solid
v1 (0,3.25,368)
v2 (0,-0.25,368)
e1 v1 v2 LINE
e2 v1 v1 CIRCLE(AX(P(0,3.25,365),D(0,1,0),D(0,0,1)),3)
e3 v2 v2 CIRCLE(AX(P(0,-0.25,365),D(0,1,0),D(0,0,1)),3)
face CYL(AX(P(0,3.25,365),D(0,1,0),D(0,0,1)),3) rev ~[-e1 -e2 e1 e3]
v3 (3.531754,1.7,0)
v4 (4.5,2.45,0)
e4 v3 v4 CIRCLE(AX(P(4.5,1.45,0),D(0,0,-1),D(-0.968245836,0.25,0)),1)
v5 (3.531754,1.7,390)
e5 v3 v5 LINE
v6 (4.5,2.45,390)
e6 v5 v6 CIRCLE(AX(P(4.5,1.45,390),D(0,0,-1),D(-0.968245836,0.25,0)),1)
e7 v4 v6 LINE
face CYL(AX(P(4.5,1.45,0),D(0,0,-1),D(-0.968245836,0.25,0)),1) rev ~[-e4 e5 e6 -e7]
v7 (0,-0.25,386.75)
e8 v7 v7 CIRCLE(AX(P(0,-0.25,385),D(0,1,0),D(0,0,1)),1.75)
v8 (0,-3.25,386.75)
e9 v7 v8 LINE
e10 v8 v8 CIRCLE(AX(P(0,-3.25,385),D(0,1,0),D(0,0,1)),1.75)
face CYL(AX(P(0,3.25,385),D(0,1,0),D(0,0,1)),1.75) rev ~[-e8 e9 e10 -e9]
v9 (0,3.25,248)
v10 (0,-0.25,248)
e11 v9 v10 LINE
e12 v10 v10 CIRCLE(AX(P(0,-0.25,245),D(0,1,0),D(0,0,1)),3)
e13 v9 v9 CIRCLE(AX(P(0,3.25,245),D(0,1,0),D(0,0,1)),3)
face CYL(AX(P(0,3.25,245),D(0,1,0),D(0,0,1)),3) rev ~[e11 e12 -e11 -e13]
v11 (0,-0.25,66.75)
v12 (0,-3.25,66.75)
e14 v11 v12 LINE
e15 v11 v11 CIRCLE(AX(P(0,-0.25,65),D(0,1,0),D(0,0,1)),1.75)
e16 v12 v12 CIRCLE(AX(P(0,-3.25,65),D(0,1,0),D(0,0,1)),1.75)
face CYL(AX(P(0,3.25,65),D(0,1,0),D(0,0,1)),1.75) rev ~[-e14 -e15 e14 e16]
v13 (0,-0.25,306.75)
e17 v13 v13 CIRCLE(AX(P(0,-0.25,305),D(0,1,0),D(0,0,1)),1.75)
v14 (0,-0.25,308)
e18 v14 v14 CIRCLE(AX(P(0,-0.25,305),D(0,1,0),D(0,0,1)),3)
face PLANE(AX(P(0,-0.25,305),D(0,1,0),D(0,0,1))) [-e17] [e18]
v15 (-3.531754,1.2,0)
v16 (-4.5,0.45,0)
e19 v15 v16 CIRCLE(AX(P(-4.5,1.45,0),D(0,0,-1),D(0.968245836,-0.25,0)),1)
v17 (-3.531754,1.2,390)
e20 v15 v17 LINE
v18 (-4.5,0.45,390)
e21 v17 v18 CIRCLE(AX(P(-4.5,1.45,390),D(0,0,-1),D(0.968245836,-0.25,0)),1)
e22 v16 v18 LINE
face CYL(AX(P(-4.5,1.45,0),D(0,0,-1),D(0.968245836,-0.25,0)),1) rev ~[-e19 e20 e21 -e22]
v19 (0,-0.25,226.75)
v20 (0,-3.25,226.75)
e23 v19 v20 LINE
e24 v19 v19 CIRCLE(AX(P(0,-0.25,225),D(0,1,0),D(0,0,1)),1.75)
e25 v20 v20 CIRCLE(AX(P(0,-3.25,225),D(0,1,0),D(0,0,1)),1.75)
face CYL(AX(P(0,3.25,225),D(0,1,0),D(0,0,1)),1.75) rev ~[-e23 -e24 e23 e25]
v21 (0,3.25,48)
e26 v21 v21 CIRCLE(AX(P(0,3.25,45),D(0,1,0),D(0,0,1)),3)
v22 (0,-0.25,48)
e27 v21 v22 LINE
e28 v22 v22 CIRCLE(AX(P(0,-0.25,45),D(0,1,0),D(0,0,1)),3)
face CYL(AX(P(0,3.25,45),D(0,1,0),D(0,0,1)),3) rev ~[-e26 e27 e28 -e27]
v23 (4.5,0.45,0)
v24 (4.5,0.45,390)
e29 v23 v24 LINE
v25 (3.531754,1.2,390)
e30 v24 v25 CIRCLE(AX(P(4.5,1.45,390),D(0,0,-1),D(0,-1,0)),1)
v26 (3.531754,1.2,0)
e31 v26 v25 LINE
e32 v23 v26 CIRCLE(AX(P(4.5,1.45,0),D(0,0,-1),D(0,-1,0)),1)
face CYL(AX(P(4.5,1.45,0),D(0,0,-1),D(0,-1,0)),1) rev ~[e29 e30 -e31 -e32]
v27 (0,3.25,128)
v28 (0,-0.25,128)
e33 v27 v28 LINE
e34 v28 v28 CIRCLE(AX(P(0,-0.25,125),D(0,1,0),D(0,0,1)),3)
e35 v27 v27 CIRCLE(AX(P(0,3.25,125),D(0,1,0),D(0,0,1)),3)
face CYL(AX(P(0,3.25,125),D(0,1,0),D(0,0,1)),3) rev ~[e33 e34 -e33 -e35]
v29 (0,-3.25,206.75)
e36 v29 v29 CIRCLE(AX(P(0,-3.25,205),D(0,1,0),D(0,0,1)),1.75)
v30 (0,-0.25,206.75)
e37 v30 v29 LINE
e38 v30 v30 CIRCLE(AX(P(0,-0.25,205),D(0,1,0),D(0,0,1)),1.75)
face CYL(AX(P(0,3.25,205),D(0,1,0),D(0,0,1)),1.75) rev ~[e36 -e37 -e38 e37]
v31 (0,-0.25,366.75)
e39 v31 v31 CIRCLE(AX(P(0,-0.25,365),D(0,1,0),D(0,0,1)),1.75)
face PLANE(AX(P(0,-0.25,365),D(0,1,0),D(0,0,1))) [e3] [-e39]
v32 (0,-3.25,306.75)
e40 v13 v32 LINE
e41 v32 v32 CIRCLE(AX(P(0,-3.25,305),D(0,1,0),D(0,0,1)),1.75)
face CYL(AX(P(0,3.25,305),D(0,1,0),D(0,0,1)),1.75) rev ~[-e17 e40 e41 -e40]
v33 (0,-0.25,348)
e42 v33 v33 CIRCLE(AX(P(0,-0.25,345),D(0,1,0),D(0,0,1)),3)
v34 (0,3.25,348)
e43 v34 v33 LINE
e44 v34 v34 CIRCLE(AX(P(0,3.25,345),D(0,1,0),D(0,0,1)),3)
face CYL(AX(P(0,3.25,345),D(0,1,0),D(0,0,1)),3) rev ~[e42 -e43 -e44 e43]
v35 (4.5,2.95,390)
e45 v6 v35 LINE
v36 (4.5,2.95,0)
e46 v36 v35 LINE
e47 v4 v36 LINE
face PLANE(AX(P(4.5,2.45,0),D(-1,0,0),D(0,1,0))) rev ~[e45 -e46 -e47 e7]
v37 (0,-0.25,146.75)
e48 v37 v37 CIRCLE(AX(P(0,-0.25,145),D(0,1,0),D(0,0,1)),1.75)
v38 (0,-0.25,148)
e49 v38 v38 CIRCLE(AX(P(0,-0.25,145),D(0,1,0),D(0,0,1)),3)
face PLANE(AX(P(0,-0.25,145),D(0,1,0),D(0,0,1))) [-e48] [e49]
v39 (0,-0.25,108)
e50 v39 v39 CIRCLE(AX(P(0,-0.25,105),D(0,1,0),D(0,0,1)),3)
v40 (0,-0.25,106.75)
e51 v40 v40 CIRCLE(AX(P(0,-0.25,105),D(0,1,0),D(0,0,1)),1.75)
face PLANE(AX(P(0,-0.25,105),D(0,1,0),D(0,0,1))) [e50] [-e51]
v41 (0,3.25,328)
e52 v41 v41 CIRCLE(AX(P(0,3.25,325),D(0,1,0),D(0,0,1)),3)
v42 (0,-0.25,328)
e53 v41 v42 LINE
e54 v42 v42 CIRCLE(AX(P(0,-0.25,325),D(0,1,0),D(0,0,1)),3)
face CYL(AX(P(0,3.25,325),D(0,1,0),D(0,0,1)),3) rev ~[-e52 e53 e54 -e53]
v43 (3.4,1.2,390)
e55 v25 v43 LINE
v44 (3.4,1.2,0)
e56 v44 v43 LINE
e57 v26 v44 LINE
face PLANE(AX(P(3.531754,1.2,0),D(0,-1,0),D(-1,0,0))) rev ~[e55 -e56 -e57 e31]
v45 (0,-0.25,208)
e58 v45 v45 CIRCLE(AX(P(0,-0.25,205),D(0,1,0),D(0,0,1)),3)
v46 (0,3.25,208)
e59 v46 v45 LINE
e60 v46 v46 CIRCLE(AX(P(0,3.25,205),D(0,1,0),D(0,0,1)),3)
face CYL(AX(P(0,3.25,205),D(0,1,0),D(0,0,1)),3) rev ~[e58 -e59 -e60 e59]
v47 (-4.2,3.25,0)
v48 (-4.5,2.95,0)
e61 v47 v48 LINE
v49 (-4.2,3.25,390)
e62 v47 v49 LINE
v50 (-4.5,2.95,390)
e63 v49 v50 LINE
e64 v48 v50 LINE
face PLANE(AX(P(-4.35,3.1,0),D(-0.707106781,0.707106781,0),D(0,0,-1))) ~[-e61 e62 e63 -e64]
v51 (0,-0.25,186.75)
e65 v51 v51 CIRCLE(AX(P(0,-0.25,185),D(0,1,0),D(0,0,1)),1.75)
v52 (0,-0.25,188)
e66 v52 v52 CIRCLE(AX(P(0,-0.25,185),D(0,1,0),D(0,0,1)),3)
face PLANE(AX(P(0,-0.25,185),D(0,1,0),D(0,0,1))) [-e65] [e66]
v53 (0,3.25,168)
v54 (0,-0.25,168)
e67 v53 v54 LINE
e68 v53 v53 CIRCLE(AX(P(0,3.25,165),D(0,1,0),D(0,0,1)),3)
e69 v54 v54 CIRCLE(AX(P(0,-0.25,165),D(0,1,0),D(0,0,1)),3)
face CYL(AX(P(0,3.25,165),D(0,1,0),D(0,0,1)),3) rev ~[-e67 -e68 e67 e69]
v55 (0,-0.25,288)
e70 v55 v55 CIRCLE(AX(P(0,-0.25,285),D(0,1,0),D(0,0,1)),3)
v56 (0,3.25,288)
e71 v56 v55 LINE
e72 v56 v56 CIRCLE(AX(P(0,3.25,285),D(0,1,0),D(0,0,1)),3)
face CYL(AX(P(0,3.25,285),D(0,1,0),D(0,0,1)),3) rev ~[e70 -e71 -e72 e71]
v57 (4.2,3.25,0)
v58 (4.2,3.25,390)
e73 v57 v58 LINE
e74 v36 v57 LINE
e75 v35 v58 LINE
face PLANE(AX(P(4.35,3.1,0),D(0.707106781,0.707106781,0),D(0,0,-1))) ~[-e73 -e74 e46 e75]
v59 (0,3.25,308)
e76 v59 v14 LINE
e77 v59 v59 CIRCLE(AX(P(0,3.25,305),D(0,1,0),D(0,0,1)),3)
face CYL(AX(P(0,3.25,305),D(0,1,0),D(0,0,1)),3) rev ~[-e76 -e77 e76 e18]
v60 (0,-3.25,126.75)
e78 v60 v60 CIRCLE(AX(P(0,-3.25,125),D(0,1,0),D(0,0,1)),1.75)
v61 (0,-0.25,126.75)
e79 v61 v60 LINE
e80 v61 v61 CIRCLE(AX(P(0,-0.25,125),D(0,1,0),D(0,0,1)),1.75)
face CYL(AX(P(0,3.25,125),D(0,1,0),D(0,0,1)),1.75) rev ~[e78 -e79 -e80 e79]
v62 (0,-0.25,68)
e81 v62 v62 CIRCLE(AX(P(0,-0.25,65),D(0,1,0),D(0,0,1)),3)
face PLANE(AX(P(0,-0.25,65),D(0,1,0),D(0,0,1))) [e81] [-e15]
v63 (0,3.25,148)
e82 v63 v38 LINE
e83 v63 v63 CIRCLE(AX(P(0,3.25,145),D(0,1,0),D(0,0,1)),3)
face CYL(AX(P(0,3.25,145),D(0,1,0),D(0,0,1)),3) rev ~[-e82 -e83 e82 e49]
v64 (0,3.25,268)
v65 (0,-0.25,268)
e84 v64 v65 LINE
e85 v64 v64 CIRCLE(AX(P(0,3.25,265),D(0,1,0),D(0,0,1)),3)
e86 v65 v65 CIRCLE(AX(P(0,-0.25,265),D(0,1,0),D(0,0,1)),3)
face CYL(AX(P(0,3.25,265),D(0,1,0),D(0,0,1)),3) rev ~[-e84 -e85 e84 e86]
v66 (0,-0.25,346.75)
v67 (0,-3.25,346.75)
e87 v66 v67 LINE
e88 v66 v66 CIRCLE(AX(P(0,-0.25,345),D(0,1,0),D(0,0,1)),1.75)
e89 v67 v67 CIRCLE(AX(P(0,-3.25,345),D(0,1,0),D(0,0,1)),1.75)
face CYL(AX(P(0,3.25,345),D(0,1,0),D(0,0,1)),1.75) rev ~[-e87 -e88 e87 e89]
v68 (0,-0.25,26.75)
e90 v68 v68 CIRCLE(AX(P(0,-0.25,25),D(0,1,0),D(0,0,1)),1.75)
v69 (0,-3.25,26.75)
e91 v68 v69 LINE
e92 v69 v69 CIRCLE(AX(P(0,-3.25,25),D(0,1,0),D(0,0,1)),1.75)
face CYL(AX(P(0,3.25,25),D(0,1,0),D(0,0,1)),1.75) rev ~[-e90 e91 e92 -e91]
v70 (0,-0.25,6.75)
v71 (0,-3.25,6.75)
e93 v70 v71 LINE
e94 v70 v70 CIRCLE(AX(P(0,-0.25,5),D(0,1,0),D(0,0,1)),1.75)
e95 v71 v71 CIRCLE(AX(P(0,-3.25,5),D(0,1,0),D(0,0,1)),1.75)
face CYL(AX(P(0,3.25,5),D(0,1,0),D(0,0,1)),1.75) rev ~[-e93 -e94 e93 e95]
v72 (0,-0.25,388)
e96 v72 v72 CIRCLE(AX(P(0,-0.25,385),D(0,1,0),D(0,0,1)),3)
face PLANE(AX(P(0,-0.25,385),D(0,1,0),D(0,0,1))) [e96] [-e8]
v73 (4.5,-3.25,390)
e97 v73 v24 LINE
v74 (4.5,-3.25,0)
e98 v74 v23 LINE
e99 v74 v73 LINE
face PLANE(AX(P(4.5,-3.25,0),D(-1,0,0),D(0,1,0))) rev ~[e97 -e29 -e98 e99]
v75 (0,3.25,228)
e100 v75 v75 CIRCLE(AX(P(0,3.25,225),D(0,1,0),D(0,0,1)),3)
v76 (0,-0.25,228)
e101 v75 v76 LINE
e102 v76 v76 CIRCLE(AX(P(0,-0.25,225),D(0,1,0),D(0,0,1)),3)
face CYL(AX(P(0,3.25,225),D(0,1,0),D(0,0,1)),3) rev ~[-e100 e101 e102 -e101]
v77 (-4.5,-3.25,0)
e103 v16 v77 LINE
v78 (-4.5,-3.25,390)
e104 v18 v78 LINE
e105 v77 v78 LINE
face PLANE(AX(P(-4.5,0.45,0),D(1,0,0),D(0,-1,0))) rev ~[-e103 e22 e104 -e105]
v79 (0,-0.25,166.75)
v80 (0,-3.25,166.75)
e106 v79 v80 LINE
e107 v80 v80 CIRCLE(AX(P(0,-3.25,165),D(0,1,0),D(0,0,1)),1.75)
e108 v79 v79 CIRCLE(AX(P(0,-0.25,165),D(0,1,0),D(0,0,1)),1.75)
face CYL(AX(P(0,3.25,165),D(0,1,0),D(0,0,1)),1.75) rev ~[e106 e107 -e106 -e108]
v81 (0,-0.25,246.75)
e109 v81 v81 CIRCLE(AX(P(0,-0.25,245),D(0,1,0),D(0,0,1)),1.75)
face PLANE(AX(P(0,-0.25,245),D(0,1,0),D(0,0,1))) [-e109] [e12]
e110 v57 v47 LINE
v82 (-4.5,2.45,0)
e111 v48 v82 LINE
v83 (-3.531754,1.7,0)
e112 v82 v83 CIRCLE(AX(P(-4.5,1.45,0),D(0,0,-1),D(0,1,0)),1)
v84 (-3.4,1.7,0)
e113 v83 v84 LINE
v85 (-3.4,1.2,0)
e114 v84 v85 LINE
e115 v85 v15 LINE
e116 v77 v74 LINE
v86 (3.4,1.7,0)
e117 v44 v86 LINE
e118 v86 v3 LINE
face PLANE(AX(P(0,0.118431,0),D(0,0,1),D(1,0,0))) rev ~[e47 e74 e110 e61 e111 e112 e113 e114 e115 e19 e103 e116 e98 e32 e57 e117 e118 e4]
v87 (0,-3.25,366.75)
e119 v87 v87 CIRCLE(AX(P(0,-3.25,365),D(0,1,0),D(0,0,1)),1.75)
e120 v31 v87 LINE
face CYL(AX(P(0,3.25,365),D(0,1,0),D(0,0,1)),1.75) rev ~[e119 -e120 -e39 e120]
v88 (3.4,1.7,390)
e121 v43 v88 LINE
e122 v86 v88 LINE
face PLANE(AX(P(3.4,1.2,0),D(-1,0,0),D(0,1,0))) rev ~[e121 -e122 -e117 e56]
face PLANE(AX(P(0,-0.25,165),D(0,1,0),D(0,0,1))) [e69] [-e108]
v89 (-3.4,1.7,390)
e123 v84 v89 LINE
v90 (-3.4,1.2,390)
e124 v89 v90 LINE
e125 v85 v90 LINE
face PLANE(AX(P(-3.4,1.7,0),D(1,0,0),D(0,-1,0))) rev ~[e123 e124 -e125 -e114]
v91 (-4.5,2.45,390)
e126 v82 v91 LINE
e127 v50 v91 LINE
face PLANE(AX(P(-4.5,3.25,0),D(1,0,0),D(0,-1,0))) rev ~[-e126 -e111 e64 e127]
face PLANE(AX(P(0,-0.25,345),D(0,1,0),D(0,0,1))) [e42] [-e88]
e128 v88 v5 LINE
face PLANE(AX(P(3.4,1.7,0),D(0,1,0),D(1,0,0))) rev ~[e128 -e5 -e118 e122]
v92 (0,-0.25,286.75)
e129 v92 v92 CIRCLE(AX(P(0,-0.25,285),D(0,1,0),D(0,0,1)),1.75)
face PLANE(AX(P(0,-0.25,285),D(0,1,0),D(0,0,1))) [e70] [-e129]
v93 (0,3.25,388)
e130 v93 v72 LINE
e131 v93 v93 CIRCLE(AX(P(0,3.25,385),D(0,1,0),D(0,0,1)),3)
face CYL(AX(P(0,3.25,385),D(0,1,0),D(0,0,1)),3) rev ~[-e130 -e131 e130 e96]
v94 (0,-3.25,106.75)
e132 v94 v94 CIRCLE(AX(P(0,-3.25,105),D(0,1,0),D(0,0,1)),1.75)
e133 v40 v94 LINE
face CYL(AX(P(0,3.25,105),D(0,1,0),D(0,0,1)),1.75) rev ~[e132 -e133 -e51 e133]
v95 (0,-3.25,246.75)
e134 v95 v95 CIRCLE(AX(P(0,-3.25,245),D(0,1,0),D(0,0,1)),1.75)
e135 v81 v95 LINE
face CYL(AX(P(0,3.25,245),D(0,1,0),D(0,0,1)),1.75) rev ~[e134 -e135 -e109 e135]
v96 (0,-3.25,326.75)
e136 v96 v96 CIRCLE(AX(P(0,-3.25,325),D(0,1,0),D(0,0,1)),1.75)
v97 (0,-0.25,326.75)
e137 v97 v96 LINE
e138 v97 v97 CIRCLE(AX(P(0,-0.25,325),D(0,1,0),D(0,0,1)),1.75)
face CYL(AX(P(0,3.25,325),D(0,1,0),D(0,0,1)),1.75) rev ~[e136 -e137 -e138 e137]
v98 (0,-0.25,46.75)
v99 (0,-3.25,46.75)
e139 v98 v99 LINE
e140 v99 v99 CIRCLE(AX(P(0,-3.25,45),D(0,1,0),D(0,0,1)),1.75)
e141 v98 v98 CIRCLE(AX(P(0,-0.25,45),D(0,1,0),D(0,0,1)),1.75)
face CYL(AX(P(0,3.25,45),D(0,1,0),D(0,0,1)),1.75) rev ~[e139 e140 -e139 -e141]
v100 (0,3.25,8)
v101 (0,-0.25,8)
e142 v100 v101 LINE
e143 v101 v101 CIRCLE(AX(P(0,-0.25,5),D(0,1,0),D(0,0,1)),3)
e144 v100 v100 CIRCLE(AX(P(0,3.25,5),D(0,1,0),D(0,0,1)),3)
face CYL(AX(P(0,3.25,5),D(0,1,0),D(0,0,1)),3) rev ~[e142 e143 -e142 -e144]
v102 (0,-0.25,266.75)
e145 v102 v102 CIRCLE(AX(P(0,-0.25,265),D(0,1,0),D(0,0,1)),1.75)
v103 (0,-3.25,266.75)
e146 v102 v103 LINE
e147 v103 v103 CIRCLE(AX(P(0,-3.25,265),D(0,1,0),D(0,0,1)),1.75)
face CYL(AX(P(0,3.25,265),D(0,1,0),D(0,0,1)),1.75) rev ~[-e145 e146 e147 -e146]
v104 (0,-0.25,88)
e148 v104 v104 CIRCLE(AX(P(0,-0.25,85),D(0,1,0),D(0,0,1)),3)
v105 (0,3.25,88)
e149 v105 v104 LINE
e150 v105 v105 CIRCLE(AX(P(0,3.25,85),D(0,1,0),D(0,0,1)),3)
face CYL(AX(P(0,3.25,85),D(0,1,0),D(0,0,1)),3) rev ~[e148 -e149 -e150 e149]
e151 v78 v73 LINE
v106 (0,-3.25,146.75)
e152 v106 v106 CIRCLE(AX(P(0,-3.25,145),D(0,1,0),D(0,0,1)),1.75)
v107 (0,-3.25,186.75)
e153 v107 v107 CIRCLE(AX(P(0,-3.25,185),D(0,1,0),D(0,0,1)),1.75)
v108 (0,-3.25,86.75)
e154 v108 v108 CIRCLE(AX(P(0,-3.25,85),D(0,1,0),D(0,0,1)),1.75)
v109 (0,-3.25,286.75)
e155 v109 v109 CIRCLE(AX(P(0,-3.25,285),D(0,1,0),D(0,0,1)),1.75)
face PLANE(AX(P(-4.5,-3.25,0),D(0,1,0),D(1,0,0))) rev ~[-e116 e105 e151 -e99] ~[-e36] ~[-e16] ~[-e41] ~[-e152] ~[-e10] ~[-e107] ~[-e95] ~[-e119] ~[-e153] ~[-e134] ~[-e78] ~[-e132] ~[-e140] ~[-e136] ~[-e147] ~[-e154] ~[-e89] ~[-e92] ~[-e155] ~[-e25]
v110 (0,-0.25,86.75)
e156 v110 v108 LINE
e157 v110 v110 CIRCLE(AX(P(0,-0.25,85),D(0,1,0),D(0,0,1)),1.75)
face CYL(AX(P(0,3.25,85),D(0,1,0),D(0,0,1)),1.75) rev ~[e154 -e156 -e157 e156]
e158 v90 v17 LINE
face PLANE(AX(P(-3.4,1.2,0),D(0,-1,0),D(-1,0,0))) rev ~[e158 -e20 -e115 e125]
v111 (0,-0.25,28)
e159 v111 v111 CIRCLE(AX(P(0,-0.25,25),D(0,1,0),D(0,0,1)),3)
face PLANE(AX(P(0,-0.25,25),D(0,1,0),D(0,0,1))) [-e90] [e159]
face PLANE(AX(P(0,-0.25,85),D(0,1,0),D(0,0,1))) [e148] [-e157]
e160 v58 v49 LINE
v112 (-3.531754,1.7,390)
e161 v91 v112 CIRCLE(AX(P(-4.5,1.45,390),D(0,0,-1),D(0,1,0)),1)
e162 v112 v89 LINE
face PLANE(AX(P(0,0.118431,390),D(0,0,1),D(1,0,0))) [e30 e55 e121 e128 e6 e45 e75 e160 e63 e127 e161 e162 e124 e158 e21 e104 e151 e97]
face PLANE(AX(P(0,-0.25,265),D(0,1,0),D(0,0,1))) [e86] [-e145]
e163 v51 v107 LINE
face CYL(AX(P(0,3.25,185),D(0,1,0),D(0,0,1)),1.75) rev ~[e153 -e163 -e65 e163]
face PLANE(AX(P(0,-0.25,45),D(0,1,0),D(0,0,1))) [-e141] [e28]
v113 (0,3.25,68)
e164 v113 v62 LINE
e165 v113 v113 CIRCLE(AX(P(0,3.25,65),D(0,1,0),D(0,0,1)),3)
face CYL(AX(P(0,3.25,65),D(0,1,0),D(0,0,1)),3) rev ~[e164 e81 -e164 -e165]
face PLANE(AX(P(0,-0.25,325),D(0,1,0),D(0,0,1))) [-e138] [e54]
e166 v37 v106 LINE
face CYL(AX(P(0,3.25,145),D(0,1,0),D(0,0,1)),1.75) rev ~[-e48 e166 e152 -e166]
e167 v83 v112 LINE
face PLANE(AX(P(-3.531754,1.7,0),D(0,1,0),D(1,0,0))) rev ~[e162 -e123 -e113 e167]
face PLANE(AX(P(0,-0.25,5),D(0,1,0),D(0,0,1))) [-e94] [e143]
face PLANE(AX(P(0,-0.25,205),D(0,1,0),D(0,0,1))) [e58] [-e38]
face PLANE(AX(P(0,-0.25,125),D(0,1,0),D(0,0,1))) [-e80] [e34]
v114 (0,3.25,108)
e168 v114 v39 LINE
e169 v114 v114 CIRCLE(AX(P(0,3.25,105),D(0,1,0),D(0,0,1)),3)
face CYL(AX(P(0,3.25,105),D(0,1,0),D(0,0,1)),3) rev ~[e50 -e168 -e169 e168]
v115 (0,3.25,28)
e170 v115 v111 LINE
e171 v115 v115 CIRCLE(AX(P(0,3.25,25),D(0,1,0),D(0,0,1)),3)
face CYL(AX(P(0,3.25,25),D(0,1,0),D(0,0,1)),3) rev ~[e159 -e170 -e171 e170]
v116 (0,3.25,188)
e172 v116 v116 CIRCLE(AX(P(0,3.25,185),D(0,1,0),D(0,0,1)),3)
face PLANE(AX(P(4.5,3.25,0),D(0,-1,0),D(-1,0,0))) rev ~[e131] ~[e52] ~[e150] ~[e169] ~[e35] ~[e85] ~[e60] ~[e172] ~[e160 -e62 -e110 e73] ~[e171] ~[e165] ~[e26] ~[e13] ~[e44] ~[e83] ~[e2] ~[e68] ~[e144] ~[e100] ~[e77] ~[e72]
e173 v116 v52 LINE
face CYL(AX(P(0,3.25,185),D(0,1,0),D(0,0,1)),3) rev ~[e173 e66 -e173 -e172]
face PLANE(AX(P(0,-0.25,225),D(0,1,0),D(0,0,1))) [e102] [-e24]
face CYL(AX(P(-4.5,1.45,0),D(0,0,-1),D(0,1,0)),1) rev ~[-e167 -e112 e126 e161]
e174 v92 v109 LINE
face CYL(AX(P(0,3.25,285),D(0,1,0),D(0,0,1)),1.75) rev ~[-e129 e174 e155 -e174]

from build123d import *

# Parameters (mm, degrees)
EXTRUDE1_DEPTH  = 390
SKETCH2_R       = 3
EXTRUDE2_DEPTH  = 3.5
SKETCH_R        = 1.75
EXTRUDE3_DEPTH  = 391.080119975
LPATTERN1_COUNT = 40
LPATTERN1_PITCH = 20
CHAMFER1_SIZE   = 0.3


with BuildPart() as part:
    # Sketch1 → Extrude1 (new body)
    with BuildSketch(Plane.XY):
        with BuildLine():
            Line((-4.5, -3.25), (4.5, -3.25))
            Line((4.5, -3.25), (4.5, 0.45))
            ThreePointArc((4.5, 0.45), (3.887627564, 0.659430585), (3.531754163, 1.2))
            Line((3.531754163, 1.2), (3.4, 1.2))
            Line((3.4, 1.2), (3.4, 1.7))
            Line((3.4, 1.7), (3.531754163, 1.7))
            ThreePointArc((3.531754163, 1.7), (3.887627564, 2.240569415), (4.5, 2.45))
            Line((4.5, 2.45), (4.5, 3.25))
            Line((4.5, 3.25), (-4.5, 3.25))
            Line((-4.5, 3.25), (-4.5, 2.45))
            ThreePointArc((-4.5, 2.45), (-3.887627564, 2.240569415), (-3.531754163, 1.7))
            Line((-3.531754163, 1.7), (-3.4, 1.7))
            Line((-3.4, 1.7), (-3.4, 1.2))
            Line((-3.4, 1.2), (-3.531754163, 1.2))
            ThreePointArc((-3.531754163, 1.2), (-3.887627564, 0.659430585), (-4.5, 0.45))
            Line((-4.5, 0.45), (-4.5, -3.25))
        make_face()
    extrude(amount=EXTRUDE1_DEPTH)

    # Sketch2 → Extrude2 (cut)
    with BuildSketch(Plane(origin=(0, 3.25, 0), x_dir=(1, 0, 0), z_dir=(0, 1, 0))):
        with Locations((0, -5)):
            Circle(SKETCH2_R)
    extrude2 = extrude(amount=-EXTRUDE2_DEPTH, mode=Mode.SUBTRACT)

    # Sketch → Extrude3 (cut, through all)
    with BuildSketch(Plane(origin=(0, 3.25, 0), x_dir=(1, 0, 0), z_dir=(0, 1, 0))):
        with Locations((0, -5)):
            Circle(SKETCH_R)
    extrude3 = extrude(amount=-EXTRUDE3_DEPTH, mode=Mode.SUBTRACT)

    # LPattern1: Extrude2, Extrude3 ×40
    with Locations(*[(0, 0, i * LPATTERN1_PITCH) for i in range(1, LPATTERN1_COUNT)]):
        add(extrude2, mode=Mode.SUBTRACT)
        add(extrude3, mode=Mode.SUBTRACT)

    # Chamfer1
    chamfer1_edges = [part.edges().sort_by_distance(p)[0] for p in [
        (4.5, 3.25, 195),
        (-4.5, 3.25, 195),
    ]]
    chamfer(chamfer1_edges, length=CHAMFER1_SIZE)


solid = part.part
